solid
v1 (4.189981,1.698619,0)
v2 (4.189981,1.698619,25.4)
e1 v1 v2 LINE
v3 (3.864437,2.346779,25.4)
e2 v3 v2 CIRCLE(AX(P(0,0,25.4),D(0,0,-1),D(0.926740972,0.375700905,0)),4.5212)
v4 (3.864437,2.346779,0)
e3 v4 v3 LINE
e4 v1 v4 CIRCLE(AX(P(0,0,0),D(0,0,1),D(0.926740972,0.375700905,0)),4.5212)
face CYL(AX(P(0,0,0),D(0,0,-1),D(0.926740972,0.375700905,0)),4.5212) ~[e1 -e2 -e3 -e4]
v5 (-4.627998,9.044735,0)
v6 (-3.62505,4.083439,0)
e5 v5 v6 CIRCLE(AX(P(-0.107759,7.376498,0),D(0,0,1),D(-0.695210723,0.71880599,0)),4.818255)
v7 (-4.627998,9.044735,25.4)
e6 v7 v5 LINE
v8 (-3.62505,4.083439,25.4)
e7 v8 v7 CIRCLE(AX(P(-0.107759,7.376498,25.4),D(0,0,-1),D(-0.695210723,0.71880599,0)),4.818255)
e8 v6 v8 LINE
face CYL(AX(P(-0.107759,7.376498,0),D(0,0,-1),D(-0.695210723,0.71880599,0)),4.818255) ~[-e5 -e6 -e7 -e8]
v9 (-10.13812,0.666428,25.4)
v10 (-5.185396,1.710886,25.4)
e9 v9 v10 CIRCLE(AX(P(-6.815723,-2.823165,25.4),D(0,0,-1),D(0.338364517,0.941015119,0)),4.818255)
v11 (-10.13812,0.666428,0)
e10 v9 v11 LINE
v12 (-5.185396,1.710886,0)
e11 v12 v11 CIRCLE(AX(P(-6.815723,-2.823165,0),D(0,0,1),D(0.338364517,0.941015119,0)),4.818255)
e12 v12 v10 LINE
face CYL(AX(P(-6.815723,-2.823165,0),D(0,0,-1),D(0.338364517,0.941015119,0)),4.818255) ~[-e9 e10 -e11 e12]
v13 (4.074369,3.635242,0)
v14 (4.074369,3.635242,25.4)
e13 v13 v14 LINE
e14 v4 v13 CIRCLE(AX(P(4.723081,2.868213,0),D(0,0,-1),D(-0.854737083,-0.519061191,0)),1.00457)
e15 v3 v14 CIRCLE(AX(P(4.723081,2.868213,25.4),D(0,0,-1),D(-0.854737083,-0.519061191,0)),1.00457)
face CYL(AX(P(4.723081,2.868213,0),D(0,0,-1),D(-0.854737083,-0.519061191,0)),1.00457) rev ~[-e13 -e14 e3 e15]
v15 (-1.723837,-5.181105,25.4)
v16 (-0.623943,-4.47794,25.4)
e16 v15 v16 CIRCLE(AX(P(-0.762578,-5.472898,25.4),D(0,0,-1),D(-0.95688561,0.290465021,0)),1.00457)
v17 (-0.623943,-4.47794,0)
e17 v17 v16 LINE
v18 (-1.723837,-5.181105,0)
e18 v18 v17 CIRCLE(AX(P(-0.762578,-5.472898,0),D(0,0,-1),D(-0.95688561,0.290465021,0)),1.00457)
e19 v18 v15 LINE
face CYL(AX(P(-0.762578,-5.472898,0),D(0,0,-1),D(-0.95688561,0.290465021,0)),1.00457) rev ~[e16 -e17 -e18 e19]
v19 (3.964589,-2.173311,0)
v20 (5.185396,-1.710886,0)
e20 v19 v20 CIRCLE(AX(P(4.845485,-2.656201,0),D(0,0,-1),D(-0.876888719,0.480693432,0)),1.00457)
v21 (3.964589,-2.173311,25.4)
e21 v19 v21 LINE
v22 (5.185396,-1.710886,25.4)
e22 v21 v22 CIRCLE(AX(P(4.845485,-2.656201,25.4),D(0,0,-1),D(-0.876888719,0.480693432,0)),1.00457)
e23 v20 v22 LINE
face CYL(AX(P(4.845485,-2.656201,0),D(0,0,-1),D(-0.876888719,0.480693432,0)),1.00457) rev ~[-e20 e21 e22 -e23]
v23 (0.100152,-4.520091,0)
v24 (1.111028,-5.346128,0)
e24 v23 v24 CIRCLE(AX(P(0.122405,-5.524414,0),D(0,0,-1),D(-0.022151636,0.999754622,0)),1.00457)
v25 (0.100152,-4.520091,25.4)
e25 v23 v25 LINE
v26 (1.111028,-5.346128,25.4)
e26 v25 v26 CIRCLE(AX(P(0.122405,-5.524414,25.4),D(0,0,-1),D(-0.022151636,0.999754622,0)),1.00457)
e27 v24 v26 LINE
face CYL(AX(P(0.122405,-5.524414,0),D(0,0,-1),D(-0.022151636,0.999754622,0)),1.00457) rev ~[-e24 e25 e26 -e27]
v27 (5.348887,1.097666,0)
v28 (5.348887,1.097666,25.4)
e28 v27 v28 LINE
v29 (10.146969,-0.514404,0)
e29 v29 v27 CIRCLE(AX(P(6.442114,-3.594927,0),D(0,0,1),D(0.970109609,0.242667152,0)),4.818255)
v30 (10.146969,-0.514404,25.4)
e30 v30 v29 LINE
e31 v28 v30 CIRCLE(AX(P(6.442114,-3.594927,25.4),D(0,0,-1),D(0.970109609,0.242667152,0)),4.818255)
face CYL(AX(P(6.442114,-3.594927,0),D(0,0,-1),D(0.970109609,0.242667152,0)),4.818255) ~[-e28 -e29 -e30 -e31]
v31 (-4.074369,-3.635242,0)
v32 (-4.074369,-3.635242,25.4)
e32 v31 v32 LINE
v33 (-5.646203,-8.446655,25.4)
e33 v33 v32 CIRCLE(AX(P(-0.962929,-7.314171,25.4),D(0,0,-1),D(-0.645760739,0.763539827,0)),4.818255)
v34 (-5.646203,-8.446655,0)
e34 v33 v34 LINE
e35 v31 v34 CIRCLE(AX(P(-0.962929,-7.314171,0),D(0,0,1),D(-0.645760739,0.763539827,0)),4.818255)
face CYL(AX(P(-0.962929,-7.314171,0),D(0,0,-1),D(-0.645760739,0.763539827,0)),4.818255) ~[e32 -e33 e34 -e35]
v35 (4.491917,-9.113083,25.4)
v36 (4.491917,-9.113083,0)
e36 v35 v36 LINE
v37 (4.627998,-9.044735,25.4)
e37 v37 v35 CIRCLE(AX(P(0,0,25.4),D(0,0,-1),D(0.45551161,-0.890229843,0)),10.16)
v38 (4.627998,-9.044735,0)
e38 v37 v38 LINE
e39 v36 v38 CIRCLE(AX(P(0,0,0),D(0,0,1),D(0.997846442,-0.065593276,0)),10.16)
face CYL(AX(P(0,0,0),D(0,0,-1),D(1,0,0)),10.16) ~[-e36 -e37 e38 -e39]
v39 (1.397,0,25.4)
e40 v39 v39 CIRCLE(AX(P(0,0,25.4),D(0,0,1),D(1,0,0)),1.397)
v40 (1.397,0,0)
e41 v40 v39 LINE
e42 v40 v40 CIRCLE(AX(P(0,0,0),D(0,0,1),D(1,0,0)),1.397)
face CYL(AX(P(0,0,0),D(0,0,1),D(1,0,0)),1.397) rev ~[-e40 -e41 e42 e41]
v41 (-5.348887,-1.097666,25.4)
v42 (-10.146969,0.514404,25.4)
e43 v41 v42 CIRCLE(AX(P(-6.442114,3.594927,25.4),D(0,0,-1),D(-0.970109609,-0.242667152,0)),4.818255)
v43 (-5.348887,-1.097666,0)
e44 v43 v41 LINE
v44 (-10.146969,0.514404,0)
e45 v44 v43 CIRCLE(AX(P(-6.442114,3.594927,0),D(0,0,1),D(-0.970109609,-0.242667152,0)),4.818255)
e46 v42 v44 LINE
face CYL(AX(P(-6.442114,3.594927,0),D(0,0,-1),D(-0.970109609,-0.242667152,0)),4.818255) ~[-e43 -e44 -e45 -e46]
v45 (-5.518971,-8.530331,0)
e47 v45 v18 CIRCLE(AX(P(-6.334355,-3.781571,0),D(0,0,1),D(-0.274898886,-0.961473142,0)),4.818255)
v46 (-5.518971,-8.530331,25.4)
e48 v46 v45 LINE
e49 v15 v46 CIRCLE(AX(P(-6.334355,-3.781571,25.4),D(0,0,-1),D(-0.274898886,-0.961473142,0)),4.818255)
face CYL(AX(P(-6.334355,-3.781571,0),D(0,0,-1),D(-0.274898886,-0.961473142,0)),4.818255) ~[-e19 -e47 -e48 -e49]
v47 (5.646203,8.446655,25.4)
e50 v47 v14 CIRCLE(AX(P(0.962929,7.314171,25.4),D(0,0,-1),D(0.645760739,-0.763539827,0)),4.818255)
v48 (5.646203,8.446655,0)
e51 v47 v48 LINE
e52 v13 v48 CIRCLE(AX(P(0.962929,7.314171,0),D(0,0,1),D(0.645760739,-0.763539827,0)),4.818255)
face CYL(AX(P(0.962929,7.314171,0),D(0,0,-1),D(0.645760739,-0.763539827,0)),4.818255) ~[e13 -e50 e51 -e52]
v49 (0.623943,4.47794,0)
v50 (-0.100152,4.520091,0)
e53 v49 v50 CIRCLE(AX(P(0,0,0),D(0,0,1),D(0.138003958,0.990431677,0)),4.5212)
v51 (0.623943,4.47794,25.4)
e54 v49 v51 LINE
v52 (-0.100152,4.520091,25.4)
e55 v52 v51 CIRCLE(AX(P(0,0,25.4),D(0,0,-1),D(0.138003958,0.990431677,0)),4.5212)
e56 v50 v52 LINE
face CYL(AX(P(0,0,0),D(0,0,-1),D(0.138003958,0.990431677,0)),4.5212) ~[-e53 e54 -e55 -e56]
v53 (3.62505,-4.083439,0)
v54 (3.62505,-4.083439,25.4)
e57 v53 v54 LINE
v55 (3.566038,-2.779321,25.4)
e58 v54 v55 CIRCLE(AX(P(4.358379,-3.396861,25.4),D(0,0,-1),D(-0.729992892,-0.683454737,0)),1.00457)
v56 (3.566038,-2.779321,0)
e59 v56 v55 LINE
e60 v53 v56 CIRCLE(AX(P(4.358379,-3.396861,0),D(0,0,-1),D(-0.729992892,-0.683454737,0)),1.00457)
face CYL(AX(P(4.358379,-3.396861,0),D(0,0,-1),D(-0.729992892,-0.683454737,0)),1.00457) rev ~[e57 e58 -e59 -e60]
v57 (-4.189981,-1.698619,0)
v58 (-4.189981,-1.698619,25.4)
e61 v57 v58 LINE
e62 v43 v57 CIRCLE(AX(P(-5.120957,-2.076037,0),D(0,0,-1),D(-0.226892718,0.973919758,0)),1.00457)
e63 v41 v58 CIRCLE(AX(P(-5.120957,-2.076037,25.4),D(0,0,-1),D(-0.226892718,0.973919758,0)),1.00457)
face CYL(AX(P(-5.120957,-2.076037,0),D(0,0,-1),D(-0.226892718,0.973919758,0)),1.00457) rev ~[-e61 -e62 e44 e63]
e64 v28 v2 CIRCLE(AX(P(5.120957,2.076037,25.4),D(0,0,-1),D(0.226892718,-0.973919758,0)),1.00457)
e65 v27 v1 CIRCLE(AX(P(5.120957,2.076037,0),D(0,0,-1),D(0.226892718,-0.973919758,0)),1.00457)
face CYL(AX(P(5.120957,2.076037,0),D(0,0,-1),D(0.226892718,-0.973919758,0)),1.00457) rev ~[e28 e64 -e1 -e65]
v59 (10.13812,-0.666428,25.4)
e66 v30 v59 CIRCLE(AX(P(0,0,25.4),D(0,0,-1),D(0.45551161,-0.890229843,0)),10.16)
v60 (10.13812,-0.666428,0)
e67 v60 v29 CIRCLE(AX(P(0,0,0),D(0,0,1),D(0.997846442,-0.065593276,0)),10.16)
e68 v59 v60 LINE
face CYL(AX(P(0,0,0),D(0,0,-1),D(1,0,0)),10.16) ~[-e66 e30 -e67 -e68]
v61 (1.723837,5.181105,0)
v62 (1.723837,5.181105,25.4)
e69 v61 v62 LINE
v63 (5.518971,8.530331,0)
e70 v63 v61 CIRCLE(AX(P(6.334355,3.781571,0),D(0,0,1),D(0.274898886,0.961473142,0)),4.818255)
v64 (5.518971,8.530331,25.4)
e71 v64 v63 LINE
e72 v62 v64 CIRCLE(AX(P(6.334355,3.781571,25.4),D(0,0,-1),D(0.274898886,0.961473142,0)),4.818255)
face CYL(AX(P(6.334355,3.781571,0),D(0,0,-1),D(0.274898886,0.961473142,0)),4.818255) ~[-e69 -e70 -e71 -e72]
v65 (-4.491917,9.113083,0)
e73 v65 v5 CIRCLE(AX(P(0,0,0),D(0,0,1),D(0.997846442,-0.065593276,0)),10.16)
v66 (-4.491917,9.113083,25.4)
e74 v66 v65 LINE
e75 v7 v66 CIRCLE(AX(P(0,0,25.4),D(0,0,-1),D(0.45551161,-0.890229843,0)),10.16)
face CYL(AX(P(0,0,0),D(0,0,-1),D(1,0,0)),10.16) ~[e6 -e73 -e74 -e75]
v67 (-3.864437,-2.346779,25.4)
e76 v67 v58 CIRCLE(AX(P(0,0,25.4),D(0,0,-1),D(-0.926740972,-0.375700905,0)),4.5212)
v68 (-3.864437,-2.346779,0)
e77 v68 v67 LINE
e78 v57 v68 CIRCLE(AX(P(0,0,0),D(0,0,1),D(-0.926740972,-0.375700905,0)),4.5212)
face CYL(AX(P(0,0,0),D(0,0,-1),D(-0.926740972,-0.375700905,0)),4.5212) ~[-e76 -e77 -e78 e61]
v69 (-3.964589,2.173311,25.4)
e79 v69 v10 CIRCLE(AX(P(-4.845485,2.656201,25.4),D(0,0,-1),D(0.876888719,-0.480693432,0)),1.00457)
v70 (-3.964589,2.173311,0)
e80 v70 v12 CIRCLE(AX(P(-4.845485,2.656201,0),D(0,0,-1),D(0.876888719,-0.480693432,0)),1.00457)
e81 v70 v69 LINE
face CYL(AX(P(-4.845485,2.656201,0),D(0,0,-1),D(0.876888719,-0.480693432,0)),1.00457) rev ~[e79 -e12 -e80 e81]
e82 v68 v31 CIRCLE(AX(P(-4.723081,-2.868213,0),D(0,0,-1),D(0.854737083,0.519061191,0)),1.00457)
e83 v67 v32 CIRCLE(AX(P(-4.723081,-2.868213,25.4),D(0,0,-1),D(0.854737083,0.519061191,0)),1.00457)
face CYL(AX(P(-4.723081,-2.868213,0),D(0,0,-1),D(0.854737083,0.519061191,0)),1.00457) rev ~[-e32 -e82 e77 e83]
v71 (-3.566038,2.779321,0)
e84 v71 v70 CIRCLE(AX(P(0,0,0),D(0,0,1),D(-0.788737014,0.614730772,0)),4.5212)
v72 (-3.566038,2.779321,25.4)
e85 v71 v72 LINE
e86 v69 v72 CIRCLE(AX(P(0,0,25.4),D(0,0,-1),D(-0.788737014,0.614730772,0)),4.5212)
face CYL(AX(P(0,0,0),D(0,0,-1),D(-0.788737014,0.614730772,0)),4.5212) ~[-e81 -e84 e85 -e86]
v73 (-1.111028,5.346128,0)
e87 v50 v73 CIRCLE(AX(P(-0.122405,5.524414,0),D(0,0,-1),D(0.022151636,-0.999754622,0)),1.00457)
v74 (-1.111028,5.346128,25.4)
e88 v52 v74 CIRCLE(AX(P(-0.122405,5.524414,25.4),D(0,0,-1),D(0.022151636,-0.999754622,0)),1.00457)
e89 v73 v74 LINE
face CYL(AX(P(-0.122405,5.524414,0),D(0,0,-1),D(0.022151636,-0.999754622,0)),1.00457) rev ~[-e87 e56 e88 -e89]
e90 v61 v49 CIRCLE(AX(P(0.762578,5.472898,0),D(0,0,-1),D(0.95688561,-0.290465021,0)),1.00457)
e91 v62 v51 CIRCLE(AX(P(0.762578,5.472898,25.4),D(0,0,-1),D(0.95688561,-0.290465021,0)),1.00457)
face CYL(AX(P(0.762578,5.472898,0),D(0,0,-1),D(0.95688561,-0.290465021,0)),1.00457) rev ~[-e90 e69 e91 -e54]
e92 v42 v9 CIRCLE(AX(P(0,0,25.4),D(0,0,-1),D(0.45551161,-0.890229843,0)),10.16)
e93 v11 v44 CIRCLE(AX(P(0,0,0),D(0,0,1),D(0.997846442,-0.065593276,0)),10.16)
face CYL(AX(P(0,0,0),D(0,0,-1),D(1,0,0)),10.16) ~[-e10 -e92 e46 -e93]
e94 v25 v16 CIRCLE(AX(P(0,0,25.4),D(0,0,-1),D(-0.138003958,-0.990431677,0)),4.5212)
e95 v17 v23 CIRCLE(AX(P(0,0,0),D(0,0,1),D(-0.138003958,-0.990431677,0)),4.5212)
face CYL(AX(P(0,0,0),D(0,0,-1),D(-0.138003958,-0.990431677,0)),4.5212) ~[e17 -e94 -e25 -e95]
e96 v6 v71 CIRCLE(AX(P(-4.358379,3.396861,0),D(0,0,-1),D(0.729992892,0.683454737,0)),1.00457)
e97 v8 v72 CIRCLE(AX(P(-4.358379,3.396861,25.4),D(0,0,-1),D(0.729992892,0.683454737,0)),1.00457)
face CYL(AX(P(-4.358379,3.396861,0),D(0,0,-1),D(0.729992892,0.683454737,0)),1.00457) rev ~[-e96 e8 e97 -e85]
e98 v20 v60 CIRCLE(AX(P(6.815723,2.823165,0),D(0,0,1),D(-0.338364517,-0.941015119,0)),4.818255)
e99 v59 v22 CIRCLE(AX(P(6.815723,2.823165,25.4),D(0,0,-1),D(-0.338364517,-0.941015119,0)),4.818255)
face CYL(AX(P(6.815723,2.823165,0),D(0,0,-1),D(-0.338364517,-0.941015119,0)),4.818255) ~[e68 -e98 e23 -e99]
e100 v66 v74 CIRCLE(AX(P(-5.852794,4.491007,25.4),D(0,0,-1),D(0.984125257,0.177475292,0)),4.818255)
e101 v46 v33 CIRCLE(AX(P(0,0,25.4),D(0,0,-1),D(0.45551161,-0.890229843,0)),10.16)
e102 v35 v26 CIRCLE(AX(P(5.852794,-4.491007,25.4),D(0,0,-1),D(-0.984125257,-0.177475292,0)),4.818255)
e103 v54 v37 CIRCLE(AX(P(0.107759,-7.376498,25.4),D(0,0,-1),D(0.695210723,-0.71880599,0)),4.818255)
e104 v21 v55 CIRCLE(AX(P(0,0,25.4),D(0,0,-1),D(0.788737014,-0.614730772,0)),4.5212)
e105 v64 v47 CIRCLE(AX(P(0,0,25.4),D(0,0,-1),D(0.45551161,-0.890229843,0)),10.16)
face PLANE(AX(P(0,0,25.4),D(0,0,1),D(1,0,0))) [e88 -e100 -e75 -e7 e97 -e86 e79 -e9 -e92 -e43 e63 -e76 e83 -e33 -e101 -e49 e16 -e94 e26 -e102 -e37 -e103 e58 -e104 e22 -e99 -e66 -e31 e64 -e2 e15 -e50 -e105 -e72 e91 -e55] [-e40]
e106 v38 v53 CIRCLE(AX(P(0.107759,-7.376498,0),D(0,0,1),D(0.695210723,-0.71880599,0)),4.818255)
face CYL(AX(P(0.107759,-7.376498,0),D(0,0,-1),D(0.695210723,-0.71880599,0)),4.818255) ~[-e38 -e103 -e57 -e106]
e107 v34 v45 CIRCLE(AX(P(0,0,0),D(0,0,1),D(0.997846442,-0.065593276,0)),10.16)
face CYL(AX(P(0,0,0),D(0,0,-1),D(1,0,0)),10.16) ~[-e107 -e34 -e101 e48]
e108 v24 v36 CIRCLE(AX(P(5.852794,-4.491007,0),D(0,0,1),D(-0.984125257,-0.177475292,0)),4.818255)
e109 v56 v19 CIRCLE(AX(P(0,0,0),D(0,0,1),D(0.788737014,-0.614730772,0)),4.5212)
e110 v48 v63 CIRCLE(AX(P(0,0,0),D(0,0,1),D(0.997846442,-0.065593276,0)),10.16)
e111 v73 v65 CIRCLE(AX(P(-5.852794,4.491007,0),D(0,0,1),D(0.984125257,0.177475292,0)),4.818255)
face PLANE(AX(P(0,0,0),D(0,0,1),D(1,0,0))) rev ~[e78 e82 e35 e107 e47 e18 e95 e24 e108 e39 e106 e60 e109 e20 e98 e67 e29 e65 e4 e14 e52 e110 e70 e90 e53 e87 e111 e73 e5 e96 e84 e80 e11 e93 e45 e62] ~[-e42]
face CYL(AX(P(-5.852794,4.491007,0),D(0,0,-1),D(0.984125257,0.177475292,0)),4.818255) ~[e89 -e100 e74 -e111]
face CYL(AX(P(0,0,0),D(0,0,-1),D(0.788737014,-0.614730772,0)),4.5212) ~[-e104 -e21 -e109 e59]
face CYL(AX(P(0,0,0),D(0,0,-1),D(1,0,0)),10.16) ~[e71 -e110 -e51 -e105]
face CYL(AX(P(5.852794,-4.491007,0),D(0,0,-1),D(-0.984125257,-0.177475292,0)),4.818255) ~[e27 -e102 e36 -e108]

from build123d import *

# Parameters (mm, degrees)
SKETCH3_R         = 10.16
GEARBODY_DEPTH    = 25.4
TOOTHCUT_DEPTH    = 30.182378244
CIRPATTERN1_COUNT = 6
BOREDIA_R         = 1.396999992
BORE_DEPTH        = 12700


with BuildPart() as part:
    # Sketch3 → gearBody (new body)
    with BuildSketch(Plane.XY):
        Circle(SKETCH3_R)
    extrude(amount=GEARBODY_DEPTH)

    # Sketch2 → toothCut (cut, through all)
    with BuildSketch(Plane.XY):
        with BuildLine():
            ThreePointArc((3.5660378, -2.779320753), (3.777485663, -2.484321137), (3.964589271, -2.17331115))
            ThreePointArc((3.964589271, -2.17331115), (4.48964051, -1.716767841), (5.185396213, -1.710885794))
            ThreePointArc((5.185396213, -1.710885794), (8.833530023, -1.552224601), (11.322719982, 1.119476546))
            ThreePointArc((11.322719982, 1.119476546), (9.506315779, -6.251973755), (3.457461034, -10.839888317))
            ThreePointArc((3.457461034, -10.839888317), (4.924531858, -7.495974911), (3.625050385, -4.083438967))
            ThreePointArc((3.625050385, -4.083438967), (3.354836271, -3.442272117), (3.5660378, -2.779320753))
        make_face()
    toothcut = extrude(amount=TOOTHCUT_DEPTH, mode=Mode.SUBTRACT)

    # CirPattern1: toothCut ×6 about axis
    cirpattern1_axis = Axis((0, 0, 25.4), (0, 0, -1))
    for i in range(1, CIRPATTERN1_COUNT):
        add(toothcut.rotate(cirpattern1_axis, i * 360 / CIRPATTERN1_COUNT), mode=Mode.SUBTRACT)

    # boreDia → bore (cut, symmetric)
    with BuildSketch(Plane.XY):
        Circle(BOREDIA_R)
    extrude(amount=BORE_DEPTH, both=True, mode=Mode.SUBTRACT)


solid = part.part
